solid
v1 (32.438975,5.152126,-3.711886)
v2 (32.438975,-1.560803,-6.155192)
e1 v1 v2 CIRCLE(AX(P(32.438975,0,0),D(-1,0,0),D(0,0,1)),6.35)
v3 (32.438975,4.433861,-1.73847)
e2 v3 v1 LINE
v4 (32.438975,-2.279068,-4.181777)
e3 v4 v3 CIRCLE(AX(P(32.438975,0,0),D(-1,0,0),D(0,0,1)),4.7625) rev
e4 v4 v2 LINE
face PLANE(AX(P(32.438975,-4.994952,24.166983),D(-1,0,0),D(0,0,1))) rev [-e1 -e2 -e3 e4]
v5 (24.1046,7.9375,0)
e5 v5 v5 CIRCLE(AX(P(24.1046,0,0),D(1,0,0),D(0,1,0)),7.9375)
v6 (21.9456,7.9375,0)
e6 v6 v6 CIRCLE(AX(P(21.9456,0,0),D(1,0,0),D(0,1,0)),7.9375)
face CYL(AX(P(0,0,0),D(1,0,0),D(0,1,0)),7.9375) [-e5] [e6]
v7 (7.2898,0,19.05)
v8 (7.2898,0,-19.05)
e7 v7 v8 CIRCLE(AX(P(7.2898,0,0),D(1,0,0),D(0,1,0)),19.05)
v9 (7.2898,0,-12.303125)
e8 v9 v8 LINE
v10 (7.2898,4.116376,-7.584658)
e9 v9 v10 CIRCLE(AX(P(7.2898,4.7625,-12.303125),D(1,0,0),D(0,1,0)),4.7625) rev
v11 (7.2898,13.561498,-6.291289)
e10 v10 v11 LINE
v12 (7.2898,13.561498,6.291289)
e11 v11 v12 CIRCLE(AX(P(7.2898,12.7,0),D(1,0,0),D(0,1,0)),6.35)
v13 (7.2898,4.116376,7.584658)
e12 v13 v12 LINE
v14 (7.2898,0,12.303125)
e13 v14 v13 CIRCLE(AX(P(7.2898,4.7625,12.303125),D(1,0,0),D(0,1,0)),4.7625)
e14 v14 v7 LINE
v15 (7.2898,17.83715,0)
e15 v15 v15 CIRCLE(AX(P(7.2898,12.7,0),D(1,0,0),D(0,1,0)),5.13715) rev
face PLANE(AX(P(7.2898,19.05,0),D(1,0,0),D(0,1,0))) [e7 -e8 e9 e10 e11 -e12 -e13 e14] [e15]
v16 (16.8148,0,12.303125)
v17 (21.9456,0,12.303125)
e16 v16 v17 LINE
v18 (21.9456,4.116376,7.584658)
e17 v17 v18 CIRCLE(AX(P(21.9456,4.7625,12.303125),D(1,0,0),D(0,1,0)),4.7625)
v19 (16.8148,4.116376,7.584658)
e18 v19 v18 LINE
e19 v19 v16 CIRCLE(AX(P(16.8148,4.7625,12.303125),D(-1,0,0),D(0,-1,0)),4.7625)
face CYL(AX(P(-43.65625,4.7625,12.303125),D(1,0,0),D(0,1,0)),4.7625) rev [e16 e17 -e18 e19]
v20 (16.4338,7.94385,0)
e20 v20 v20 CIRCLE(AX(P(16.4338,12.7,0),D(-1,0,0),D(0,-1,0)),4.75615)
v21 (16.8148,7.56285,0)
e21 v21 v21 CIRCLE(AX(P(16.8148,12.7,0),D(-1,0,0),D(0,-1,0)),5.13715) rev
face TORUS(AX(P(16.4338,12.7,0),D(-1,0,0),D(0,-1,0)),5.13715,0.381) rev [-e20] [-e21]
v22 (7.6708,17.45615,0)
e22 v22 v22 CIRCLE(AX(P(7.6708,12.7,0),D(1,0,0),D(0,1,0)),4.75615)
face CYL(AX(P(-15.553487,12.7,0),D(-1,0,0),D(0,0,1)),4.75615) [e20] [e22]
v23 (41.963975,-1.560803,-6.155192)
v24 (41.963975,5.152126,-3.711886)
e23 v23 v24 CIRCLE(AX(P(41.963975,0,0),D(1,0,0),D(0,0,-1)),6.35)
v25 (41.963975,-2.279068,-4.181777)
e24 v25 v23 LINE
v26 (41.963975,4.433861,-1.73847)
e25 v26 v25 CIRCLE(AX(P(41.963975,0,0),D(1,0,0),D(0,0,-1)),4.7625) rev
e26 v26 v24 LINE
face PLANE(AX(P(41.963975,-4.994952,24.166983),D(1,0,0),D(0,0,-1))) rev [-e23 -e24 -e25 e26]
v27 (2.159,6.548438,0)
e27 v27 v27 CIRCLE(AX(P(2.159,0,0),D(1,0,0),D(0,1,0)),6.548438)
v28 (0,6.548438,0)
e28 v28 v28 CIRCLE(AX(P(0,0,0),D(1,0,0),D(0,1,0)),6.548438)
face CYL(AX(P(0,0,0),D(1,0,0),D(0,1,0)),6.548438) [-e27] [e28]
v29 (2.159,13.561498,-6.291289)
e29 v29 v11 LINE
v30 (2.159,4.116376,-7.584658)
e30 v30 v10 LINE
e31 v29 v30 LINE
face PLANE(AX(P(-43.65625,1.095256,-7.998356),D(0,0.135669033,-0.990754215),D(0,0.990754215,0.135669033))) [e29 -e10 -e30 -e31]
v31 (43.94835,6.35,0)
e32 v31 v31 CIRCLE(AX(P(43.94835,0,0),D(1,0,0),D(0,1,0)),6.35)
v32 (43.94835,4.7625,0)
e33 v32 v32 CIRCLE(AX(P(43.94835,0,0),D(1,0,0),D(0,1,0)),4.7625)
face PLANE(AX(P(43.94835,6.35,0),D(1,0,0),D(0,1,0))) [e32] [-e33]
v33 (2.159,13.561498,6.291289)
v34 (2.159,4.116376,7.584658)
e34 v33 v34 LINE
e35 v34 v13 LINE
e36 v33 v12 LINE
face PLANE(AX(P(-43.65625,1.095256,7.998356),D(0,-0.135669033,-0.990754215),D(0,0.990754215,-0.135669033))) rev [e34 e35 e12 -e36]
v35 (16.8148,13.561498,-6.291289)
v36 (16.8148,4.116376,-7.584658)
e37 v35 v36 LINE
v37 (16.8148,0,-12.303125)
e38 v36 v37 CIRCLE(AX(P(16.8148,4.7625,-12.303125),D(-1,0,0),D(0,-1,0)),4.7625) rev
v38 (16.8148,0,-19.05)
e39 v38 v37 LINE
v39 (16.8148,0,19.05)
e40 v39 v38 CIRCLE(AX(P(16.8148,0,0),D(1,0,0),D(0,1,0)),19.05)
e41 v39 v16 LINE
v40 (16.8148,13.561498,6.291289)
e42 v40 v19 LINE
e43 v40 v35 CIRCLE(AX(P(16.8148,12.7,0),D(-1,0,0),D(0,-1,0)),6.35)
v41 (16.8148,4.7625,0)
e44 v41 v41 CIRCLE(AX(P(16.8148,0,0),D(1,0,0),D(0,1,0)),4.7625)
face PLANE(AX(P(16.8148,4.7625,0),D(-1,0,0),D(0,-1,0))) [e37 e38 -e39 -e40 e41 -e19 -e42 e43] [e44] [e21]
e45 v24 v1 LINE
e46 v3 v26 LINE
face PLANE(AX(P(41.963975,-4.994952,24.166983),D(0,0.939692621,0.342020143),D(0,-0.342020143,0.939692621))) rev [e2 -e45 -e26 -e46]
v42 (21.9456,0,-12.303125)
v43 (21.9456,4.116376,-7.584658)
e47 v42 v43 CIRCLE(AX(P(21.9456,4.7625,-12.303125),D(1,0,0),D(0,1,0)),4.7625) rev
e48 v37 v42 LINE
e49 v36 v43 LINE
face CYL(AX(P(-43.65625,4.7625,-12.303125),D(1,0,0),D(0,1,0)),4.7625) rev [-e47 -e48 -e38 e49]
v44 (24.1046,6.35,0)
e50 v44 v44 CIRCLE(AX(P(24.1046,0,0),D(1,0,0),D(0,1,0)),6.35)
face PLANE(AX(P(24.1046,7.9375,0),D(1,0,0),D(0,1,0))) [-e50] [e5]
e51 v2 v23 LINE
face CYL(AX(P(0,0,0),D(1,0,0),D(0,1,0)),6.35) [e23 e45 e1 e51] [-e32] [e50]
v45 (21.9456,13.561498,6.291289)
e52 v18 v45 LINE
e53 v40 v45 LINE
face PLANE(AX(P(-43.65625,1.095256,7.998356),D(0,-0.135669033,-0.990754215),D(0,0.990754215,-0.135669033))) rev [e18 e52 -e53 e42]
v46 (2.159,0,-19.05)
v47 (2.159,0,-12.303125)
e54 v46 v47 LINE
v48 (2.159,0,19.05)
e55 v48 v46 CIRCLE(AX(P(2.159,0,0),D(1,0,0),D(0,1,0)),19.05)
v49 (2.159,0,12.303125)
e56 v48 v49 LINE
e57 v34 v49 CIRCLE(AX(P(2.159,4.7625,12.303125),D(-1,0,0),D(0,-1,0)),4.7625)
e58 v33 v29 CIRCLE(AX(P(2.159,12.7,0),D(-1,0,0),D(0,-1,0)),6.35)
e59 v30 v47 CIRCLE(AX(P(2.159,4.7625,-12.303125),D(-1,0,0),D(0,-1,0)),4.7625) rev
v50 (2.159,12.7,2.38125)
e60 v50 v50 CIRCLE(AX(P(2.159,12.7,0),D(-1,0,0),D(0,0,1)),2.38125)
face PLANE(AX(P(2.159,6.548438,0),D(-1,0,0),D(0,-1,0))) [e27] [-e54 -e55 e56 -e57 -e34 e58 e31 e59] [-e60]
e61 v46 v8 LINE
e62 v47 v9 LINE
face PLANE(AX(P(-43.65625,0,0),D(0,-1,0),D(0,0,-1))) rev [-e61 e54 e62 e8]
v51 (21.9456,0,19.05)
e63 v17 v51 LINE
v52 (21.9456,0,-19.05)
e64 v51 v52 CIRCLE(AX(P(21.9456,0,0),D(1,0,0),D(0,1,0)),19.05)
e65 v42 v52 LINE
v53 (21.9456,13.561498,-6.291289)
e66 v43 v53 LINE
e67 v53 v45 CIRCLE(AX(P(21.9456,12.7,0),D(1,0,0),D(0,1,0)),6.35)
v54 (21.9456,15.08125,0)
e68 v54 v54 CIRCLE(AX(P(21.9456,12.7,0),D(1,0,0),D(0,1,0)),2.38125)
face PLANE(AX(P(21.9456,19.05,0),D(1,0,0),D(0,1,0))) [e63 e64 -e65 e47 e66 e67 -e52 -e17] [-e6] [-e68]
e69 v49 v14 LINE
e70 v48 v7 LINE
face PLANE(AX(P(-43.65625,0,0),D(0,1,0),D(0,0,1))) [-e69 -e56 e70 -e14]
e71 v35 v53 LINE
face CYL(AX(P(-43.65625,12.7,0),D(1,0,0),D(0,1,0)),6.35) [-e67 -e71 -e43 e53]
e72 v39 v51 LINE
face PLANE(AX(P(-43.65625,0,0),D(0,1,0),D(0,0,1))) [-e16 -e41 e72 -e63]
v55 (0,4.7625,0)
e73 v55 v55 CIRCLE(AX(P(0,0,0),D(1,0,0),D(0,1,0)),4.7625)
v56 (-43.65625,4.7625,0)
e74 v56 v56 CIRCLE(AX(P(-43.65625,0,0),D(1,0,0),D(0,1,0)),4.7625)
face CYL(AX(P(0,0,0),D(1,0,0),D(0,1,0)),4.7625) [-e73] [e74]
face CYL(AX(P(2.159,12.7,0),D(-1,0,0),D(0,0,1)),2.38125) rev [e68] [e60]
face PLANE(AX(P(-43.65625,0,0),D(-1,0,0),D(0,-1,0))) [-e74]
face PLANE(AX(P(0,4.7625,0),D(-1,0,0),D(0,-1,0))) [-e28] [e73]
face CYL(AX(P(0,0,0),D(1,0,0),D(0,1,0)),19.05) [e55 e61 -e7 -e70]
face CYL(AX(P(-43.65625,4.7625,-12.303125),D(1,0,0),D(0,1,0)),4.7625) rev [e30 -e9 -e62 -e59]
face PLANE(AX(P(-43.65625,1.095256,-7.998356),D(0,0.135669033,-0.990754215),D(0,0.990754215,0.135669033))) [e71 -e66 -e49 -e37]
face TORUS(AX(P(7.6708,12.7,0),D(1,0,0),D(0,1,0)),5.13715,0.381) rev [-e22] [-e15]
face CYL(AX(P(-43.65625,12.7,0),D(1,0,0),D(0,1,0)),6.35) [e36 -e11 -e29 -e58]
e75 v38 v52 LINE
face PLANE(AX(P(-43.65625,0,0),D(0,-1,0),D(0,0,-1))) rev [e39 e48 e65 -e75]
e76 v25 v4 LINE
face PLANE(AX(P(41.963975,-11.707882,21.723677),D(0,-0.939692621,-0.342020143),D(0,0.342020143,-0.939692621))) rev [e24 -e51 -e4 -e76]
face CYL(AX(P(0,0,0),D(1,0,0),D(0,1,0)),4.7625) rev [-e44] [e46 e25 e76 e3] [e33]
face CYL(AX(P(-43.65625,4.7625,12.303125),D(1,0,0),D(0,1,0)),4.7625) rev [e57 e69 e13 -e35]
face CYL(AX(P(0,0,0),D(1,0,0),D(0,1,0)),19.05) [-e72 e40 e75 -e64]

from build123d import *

# Parameters (mm, degrees)
SKETCH2_W                      = 9.525
SKETCH2_H                      = 4.75615
CUT_EXTRUDE1_REACH             = 69.93
SKETCH4_W                      = 9.525
SKETCH4_H                      = 7.14375
CUT_EXTRUDE1_DIRECTION_2_DEPTH = 68.929971613
FILLET1_R                      = 0.381
CUT_EXTRUDE2_DEPTH             = 71.918317263
CUT_EXTRUDE2_DEPTH_BACK        = 71.918317263
F_3_16_0_1875_DIAMETER_HOLE1_D = 4.7625


with BuildPart() as part:
    # Sketch1 → Revolve1 (revolve)
    with BuildSketch(Plane.XY):
        Polygon((-43.65625, 0), (-43.65625, 4.7625), (0, 4.7625), (0, 6.5484375), (2.159, 6.5484375), (2.159, 19.05), (7.2898, 19.05), (7.2898, 0), align=None)
        Polygon((16.8148, 4.7625), (16.8148, 19.05), (21.9456, 19.05), (21.9456, 7.9375), (24.1046, 7.9375), (24.1046, 6.35), (43.94835, 6.35), (43.94835, 4.7625), align=None)
    revolve(axis=Axis((0, 0, 0), (-1, 0, 0)))

    # Sketch2 → Revolve2 (revolve)
    with BuildSketch(Plane.XY, mode=Mode.PRIVATE) as revolve2_sk:
        with Locations((12.0523, 15.078075)):
            Rectangle(SKETCH2_W, SKETCH2_H)
    revolve(revolve2_sk.sketch.rotate(Axis((-15.553486907, 12.7, 0), (1, 0, 0)), 90), axis=Axis((-15.553486907, 12.7, 0), (1, 0, 0)))

    # Sketch4 → Cut-Extrude1 (cut, up to next)
    with BuildSketch(Plane(origin=(7.2898, 6.51548373, -17.901144426), x_dir=(-1, 0, 0), z_dir=(0, 0.34202014332566627, -0.9396926207859093)), mode=Mode.PRIVATE) as cut_extrude1_sk1:
        with Locations((-29.911675, 0)):
            Rectangle(SKETCH4_W, SKETCH4_H)
    cut_extrude1_tool1 = extrude(cut_extrude1_sk1.sketch, amount=-CUT_EXTRUDE1_REACH, mode=Mode.PRIVATE) & part.part
    add(cut_extrude1_tool1.solids().sort_by_distance((37.201475, 6.515484, -17.901144))[0], mode=Mode.SUBTRACT)

    # Sketch4 → Cut-Extrude1 direction 2 (cut)
    with BuildSketch(Plane(origin=(7.2898, 6.51548373, -17.901144426), x_dir=(-1, 0, 0), z_dir=(0, 0.34202014332566627, -0.9396926207859093))):
        with Locations((-29.911675, 0)):
            Rectangle(SKETCH4_W, SKETCH4_H)
    extrude(amount=CUT_EXTRUDE1_DIRECTION_2_DEPTH, mode=Mode.SUBTRACT)

    # Fillet1
    fillet1_edges = [part.edges().sort_by_distance(p)[0] for p in [
        (7.2898, 12.7, -4.75615),
        (16.8148, 12.7, -4.75615),
    ]]
    fillet(fillet1_edges, radius=FILLET1_R)

    # Sketch5 → Cut-Extrude2 (cut, two sides: drawn at the far end of the back side and taken through both)
    with BuildSketch(Plane(origin=(21.9456, 0, 0), x_dir=(0, 0, -1), z_dir=(1, 0, 0)).offset(-CUT_EXTRUDE2_DEPTH_BACK)):
        with BuildLine():
            ThreePointArc((-6.291289262, 13.561498357), (-4.174445198, 17.485029497), (2e-09, 19.05))
            ThreePointArc((2e-09, 19.05), (-13.470384181, 13.470384182), (-19.05, 0))
            Line((-19.05, 0), (-12.303125, 0))
            ThreePointArc((-12.303125, 0), (-9.172291101, 1.173727878), (-7.584658053, 4.116376233))
            Line((-7.584658053, 4.116376233), (-6.291289262, 13.561498357))
        make_face()
        with BuildLine():
            ThreePointArc((7.584658053, 4.116376233), (9.172291101, 1.173727878), (12.303125, 0))
            Line((12.303125, 0), (19.05, 0))
            ThreePointArc((19.05, 0), (13.470384182, 13.470384181), (2e-09, 19.05))
            ThreePointArc((2e-09, 19.05), (4.1744452, 17.485029496), (6.291289262, 13.561498357))
            Line((6.291289262, 13.561498357), (7.584658053, 4.116376233))
        make_face()
    extrude(amount=CUT_EXTRUDE2_DEPTH + CUT_EXTRUDE2_DEPTH_BACK, mode=Mode.SUBTRACT)

    # 3/16 (0.1875) Diameter Hole1 (through all)
    with Locations(Plane.ZY.offset(-2.159)):
        with Locations((0, 12.7)):
            Hole(F_3_16_0_1875_DIAMETER_HOLE1_D / 2)


solid = part.part
